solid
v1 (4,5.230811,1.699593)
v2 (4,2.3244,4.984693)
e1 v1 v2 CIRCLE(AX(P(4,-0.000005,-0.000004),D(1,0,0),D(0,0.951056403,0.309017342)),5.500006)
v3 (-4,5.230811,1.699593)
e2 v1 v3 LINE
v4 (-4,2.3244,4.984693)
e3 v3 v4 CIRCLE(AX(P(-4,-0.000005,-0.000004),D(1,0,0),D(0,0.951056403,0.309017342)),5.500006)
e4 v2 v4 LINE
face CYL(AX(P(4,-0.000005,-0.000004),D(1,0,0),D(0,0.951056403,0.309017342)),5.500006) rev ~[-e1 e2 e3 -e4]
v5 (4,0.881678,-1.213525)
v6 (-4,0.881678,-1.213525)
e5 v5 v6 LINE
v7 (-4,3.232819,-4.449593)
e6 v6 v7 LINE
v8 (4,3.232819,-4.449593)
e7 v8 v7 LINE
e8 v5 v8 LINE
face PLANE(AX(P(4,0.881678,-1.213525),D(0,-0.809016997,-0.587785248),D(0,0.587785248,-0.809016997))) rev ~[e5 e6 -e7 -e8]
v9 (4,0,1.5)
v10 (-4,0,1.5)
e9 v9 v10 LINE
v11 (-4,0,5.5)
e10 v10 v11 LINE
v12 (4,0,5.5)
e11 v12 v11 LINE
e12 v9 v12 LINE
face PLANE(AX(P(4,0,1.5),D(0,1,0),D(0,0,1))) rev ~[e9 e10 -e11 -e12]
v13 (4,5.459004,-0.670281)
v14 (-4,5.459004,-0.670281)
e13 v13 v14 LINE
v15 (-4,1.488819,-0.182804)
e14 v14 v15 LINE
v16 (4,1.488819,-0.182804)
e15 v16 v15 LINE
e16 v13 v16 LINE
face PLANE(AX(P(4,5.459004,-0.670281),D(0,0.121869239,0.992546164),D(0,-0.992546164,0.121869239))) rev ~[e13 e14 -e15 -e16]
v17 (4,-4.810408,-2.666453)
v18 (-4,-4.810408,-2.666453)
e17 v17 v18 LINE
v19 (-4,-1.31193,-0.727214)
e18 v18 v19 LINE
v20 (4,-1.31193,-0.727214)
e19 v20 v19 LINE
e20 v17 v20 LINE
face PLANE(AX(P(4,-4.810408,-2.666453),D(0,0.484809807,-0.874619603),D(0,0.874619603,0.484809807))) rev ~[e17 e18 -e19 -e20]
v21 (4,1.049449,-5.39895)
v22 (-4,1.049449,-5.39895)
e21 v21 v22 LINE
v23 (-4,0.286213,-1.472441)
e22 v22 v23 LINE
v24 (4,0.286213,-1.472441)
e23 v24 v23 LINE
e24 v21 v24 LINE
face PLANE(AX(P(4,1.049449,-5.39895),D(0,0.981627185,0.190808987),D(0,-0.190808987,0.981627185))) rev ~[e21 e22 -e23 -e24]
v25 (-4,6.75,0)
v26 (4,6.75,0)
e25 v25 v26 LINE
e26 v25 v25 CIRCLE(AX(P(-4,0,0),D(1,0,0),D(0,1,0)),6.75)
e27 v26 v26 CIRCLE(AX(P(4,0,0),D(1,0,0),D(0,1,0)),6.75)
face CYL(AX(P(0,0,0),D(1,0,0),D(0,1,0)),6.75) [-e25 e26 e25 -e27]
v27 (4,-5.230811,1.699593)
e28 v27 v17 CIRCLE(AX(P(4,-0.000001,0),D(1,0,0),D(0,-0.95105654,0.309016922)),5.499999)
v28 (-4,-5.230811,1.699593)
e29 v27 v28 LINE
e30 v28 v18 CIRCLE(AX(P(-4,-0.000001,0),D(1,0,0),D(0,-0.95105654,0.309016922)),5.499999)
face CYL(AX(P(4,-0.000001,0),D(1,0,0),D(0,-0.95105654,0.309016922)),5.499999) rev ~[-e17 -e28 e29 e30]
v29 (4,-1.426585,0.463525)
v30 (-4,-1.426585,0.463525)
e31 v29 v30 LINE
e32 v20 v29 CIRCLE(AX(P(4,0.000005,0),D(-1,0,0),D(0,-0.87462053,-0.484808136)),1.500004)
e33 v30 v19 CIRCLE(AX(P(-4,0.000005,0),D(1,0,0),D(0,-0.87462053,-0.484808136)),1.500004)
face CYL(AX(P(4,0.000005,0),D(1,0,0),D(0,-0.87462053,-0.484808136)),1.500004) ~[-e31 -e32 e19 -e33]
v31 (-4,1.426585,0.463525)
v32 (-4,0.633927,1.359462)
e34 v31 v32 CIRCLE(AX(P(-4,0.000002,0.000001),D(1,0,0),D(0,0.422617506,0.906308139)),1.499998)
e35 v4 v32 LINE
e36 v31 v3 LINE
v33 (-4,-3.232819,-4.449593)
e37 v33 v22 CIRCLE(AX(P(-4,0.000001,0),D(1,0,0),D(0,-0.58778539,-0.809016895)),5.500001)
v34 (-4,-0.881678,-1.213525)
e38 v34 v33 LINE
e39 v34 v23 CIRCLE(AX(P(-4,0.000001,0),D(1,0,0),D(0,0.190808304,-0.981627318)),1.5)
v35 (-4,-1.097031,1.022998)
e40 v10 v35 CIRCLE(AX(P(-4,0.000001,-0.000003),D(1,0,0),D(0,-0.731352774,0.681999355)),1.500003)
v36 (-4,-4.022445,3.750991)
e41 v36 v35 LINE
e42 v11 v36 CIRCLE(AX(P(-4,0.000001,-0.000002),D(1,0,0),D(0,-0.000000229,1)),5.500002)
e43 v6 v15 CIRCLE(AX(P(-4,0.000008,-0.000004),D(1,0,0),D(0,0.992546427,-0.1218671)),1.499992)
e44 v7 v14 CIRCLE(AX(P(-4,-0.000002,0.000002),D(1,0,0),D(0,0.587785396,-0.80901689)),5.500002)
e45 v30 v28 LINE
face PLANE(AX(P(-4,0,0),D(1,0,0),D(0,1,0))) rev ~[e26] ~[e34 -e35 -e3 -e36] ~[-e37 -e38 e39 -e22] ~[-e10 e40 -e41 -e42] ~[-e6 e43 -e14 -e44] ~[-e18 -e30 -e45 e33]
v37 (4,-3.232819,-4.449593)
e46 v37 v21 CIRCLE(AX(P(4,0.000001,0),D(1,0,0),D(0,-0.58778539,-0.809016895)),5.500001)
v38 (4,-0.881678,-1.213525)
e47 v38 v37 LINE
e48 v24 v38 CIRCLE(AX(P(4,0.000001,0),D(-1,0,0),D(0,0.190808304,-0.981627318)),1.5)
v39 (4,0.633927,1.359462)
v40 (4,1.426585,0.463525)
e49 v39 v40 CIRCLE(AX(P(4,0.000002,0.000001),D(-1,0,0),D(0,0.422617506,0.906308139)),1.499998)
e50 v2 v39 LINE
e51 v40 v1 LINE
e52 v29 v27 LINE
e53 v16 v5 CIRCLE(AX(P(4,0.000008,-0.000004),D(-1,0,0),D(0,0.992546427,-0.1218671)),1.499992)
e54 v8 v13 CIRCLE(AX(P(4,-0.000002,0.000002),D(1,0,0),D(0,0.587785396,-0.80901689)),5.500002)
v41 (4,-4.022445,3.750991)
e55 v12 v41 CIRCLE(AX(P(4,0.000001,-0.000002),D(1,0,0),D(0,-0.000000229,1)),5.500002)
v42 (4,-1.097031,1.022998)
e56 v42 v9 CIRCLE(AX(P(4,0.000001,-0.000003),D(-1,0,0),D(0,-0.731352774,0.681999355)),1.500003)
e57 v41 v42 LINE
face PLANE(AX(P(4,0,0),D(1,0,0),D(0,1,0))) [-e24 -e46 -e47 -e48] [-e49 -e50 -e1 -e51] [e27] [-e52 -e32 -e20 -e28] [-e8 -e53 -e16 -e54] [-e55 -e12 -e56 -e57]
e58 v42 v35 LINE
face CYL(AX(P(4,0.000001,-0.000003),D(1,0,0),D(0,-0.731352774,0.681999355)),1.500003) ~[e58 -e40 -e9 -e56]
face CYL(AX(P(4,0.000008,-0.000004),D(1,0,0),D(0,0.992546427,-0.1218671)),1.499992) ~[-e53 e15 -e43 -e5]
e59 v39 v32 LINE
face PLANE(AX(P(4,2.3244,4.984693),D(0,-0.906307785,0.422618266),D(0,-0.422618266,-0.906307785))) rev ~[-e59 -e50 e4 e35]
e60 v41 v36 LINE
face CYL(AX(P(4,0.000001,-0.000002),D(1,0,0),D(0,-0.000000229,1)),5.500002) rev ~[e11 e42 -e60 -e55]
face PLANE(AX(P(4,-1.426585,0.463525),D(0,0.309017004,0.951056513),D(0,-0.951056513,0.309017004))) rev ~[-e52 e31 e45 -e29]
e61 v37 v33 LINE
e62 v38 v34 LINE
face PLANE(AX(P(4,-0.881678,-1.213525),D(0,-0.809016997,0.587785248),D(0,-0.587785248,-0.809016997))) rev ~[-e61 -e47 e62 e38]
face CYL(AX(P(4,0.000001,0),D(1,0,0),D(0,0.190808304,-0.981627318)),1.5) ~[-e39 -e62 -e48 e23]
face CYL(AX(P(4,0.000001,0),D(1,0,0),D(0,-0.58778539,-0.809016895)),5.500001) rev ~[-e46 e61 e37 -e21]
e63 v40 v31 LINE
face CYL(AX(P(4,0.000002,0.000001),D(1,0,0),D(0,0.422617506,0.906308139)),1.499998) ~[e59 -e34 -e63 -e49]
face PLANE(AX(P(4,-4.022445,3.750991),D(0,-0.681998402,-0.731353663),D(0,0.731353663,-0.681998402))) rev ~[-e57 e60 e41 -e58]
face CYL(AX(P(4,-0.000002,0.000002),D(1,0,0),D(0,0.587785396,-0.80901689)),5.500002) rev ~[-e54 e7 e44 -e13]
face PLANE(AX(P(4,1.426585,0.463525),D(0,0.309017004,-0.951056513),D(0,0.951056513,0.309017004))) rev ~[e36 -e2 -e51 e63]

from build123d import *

# Parameters (mm, degrees)
F0_R     = 6.75
F1_DEPTH = 4
F3_DEPTH = 8.001


with BuildPart() as f1:
    # F0 (on Right) → F1 (new body, symmetric)
    with BuildSketch(Plane.YZ):
        Circle(F0_R)
    extrude(amount=F1_DEPTH, both=True)

    # F2 (on face) → F3 (cut, through all)
    with BuildSketch(Plane.YZ.offset(4)):
        with BuildLine():
            ThreePointArc((-1.097031, 1.022998), (-0.598124, 1.37559), (0, 1.5))
            Line((0, 1.5), (0, 5.5))
            ThreePointArc((0, 5.5), (-2.19312, 5.04383), (-4.022445, 3.750991))
            Line((-4.022445, 3.750991), (-1.097031, 1.022998))
        make_face()
        with BuildLine():
            ThreePointArc((0.633927, 1.359462), (1.123434, 0.99393), (1.426585, 0.463525))
            Line((1.426585, 0.463525), (5.230811, 1.699593))
            ThreePointArc((5.230811, 1.699593), (4.119256, 3.64441), (2.3244, 4.984693))
            Line((2.3244, 4.984693), (0.633927, 1.359462))
        make_face()
        with BuildLine():
            Line((5.459004, -0.670281), (1.488819, -0.182804))
            ThreePointArc((1.488819, -0.182804), (1.292444, -0.761308), (0.881678, -1.213525))
            Line((0.881678, -1.213525), (3.232819, -4.449593))
            ThreePointArc((3.232819, -4.449593), (4.73896, -2.791461), (5.459004, -0.670281))
        make_face()
        with BuildLine():
            Line((1.049449, -5.39895), (0.286213, -1.472441))
            ThreePointArc((0.286213, -1.472441), (-0.324659, -1.464444), (-0.881678, -1.213525))
            Line((-0.881678, -1.213525), (-3.232819, -4.449593))
            ThreePointArc((-3.232819, -4.449593), (-1.190418, -5.369628), (1.049449, -5.39895))
        make_face()
        with BuildLine():
            ThreePointArc((-1.31193, -0.727214), (-1.493094, -0.143769), (-1.426585, 0.463525))
            Line((-1.426585, 0.463525), (-5.230811, 1.699593))
            ThreePointArc((-5.230811, 1.699593), (-5.474679, -0.527152), (-4.810408, -2.666453))
            Line((-4.810408, -2.666453), (-1.31193, -0.727214))
        make_face()
    extrude(amount=-F3_DEPTH, mode=Mode.SUBTRACT)


solid = f1.part
